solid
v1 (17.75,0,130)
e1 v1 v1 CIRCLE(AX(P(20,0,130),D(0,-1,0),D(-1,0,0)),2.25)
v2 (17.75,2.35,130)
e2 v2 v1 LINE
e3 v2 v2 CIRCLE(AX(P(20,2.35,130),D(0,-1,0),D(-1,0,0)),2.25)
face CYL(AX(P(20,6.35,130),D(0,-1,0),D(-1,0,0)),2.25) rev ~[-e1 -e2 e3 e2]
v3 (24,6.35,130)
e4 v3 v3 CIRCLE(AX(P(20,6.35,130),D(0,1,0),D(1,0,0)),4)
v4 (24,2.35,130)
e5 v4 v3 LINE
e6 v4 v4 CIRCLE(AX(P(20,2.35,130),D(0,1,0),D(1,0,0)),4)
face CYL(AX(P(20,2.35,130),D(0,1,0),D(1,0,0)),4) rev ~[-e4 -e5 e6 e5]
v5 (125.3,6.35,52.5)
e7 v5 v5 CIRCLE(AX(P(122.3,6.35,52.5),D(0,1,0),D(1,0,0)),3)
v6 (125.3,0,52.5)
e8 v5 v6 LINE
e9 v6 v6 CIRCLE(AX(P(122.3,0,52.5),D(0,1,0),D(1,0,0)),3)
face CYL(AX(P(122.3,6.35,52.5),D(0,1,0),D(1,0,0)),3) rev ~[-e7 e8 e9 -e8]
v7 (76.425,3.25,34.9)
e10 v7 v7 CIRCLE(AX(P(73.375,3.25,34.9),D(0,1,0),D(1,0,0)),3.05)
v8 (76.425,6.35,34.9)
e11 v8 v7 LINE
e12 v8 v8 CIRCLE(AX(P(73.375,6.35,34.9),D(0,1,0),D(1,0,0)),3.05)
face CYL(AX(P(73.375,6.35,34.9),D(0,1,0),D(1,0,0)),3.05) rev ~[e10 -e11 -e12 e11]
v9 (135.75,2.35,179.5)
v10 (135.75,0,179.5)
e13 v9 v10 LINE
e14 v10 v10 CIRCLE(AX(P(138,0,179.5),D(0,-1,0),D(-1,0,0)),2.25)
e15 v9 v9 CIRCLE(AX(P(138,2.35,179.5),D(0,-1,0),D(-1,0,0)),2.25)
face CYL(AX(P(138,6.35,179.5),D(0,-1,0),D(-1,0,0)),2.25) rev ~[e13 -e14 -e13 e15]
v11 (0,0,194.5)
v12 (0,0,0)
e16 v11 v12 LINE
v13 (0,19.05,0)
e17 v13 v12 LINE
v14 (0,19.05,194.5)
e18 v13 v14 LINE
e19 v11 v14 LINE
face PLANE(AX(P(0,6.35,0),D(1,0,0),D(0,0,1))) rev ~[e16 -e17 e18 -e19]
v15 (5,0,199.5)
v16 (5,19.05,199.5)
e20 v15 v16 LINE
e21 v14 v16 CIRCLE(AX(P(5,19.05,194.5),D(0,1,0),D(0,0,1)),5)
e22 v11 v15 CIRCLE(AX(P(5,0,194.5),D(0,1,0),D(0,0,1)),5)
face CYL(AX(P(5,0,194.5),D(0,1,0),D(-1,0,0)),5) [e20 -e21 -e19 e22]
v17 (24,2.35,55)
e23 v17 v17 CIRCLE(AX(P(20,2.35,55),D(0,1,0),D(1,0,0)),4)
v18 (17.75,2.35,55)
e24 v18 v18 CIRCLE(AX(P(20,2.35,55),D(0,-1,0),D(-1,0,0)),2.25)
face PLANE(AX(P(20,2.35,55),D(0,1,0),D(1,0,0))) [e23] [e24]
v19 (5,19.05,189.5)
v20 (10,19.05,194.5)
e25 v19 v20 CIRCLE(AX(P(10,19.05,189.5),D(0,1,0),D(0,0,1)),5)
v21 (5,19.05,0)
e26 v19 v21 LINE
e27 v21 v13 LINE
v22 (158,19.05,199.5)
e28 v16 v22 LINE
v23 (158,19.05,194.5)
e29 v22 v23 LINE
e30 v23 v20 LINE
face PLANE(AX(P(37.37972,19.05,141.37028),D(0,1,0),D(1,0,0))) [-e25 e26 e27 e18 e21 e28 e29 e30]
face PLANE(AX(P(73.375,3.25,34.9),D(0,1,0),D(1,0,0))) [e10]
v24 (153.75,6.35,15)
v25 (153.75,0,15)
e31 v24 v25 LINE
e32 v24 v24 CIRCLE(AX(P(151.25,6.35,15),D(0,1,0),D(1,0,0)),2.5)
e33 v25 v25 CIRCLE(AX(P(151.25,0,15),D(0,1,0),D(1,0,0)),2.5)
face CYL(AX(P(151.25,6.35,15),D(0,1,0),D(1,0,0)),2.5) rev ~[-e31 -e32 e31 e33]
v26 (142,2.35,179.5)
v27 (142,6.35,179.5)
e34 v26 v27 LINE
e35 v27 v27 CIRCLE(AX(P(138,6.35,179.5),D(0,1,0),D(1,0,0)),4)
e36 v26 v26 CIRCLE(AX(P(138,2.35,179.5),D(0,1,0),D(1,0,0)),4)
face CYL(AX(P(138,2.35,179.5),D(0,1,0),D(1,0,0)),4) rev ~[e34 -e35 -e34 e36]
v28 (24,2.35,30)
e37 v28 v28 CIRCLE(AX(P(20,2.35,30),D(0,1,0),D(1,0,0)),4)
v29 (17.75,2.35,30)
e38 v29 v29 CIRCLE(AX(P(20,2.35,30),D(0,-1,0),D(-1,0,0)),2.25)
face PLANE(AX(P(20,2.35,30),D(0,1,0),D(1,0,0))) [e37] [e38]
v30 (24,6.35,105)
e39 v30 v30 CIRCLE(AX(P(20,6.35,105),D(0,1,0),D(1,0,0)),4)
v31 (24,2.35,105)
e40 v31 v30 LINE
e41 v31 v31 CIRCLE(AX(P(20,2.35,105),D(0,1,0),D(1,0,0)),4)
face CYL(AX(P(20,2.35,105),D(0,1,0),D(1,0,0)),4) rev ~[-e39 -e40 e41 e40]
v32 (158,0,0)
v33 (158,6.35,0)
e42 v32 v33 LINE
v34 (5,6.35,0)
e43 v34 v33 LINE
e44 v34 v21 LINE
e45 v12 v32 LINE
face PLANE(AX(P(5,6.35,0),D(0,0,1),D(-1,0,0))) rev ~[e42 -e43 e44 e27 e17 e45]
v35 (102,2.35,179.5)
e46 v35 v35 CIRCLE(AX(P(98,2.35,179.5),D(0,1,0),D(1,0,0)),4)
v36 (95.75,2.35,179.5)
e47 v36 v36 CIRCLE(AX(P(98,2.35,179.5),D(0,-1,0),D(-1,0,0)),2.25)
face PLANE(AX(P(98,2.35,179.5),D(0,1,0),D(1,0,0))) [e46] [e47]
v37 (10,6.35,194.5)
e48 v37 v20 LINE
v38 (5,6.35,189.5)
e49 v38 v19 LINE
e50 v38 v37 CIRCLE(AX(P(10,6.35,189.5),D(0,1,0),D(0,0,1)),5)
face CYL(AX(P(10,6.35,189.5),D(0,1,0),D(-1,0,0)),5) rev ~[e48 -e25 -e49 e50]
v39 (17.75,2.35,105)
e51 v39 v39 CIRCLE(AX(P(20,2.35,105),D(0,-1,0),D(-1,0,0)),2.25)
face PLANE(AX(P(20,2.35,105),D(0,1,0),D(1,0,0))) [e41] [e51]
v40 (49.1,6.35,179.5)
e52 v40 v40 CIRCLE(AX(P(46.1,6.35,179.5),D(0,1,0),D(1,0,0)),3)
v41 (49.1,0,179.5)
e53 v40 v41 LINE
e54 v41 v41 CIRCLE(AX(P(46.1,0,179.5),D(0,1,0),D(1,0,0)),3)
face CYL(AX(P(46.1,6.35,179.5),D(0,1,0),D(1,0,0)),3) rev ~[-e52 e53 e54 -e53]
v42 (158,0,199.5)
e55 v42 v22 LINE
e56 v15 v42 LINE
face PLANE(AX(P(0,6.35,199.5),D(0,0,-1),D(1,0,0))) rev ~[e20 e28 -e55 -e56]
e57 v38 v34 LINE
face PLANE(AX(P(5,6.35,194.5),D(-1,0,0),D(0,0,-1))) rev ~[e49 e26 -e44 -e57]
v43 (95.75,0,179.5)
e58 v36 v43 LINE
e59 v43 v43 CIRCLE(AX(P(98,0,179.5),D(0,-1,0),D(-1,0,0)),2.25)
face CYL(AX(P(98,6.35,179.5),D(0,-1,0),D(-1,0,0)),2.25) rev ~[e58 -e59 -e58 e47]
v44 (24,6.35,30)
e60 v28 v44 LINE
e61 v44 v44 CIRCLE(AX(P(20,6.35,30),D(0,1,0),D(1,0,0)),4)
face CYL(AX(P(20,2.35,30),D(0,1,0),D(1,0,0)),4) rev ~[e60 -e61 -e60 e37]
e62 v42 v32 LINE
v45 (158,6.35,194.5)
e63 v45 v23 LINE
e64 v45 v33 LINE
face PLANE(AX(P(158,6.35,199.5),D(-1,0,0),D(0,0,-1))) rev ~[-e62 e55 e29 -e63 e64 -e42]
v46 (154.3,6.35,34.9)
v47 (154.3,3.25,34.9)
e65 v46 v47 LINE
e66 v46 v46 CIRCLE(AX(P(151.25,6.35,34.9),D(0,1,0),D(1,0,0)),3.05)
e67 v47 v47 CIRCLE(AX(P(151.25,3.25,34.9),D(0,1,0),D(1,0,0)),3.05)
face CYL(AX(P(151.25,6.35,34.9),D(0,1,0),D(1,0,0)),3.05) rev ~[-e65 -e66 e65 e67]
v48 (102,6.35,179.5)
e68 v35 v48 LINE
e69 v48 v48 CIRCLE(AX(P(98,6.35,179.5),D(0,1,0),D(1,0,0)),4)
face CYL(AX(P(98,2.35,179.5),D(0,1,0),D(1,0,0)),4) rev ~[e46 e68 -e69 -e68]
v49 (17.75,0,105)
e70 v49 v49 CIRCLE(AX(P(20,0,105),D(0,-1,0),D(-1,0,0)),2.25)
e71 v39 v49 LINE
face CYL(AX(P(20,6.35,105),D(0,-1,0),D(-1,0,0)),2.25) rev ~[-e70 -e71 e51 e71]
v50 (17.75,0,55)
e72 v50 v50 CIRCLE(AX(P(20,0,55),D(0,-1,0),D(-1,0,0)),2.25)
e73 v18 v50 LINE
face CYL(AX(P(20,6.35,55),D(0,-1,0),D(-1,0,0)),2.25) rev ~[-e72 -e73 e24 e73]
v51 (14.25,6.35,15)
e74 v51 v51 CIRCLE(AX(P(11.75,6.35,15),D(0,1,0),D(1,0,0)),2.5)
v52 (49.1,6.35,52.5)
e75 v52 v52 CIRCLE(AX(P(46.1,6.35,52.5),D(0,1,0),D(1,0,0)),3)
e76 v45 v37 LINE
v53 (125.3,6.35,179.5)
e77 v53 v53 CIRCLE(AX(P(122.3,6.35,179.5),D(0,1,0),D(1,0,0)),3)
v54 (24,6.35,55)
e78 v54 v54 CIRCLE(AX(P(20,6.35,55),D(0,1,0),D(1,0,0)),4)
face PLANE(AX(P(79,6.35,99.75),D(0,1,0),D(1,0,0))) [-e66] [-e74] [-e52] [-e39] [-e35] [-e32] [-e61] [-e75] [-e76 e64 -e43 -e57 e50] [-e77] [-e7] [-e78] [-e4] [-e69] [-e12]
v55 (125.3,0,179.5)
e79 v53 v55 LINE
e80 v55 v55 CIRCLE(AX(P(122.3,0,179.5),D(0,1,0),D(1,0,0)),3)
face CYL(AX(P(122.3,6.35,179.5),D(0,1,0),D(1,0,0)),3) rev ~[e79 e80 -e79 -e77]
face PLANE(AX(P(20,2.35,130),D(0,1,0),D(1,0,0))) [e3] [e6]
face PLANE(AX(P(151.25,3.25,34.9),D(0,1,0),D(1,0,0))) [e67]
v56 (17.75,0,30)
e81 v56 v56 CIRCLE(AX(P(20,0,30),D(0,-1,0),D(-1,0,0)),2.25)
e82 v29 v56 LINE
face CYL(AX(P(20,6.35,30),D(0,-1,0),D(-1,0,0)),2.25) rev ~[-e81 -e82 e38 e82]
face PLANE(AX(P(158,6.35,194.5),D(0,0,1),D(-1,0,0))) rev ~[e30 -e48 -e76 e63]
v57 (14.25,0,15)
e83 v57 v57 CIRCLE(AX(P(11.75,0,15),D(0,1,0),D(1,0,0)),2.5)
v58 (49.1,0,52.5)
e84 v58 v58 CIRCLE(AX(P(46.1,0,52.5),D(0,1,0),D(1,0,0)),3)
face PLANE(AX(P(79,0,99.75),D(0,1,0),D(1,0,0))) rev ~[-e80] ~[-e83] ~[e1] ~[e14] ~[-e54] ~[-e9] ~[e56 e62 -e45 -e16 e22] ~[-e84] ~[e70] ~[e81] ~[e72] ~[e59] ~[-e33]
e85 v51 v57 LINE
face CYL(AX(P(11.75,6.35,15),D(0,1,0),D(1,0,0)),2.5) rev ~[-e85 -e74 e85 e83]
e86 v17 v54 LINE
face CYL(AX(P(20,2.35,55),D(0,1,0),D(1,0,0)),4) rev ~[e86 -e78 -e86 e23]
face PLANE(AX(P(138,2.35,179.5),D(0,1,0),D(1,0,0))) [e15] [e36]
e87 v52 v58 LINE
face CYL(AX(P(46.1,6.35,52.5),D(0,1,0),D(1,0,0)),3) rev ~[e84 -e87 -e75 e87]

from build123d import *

# Parameters (mm, degrees)
SKETCH1_W                      = 158
SKETCH1_H                      = 199.5
BOSS_EXTRUDE1_DEPTH            = 6.35
BOSS_EXTRUDE2_DEPTH            = 12.7
CBORE_FOR_M4_SHCS1_D           = 4.5
CBORE_FOR_M4_SHCS1_DEPTH       = 6.35
CBORE_FOR_M4_SHCS1_CBORE_D     = 8
CBORE_FOR_M4_SHCS1_CBORE_DEPTH = 4
FILLET2_R                      = 5
SKETCH8_R                      = 3
ENCLOSURE_MOUNT_DEPTH          = 7.35
SKETCH9_R                      = 2.5
FUSE_MOUNT_DEPTH               = 7.35
SKETCH10_R                     = 3.05
MAGNETS_DEPTH                  = 3.1


with BuildPart() as part:
    # Sketch1 → Boss-Extrude1 (new body)
    with BuildSketch(Plane(origin=(0, 0, 0), x_dir=(1, 0, 0), z_dir=(0, 1, 0))):
        with Locations((79, -99.75)):
            Rectangle(SKETCH1_W, SKETCH1_H)
    extrude(amount=BOSS_EXTRUDE1_DEPTH)

    # Sketch3 → Boss-Extrude2 (add)
    with BuildSketch(Plane(origin=(0, 6.35, 0), x_dir=(1, 0, 0), z_dir=(0, 1, 0))):
        Polygon((0, 0), (0, -199.5), (158, -199.5), (158, -194.5), (5, -194.5), (5, 0), align=None)
    extrude(amount=BOSS_EXTRUDE2_DEPTH)

    # CBORE for M4 SHCS1
    with Locations(Plane(origin=(0, 6.35, 0), x_dir=(1, 0, 0), z_dir=(0, 1, 0))):
        with Locations((20, -55), (98, -179.5), (138, -179.5), (20, -130), (20, -105), (20, -30)):
            CounterBoreHole(CBORE_FOR_M4_SHCS1_D / 2, CBORE_FOR_M4_SHCS1_CBORE_D / 2, CBORE_FOR_M4_SHCS1_CBORE_DEPTH, depth=CBORE_FOR_M4_SHCS1_DEPTH)

    # Fillet2
    fillet2_edges = [part.edges().sort_by_distance(p)[0] for p in [
        (5, 12.7, 194.5),
        (0, 9.525, 199.5),
    ]]
    fillet(fillet2_edges, radius=FILLET2_R)

    # Sketch8 → Enclosure Mount (cut, through all)
    with BuildSketch(Plane(origin=(0, 6.35, 0), x_dir=(1, 0, 0), z_dir=(0, 1, 0))):
        with Locations((46.1, -52.5)):
            Circle(SKETCH8_R)
        with Locations((122.3, -52.5)):
            Circle(SKETCH8_R)
        with Locations((122.3, -179.5)):
            Circle(SKETCH8_R)
        with Locations((46.1, -179.5)):
            Circle(SKETCH8_R)
    extrude(amount=-ENCLOSURE_MOUNT_DEPTH, mode=Mode.SUBTRACT)

    # Sketch9 → Fuse Mount (cut, through all)
    with BuildSketch(Plane(origin=(0, 6.35, 0), x_dir=(1, 0, 0), z_dir=(0, 1, 0))):
        with Locations((11.75, -15)):
            Circle(SKETCH9_R)
        with Locations((151.25, -15)):
            Circle(SKETCH9_R)
    extrude(amount=-FUSE_MOUNT_DEPTH, mode=Mode.SUBTRACT)

    # Sketch10 → Magnets (cut)
    with BuildSketch(Plane(origin=(0, 6.35, 0), x_dir=(1, 0, 0), z_dir=(0, 1, 0))):
        with Locations((151.25, -34.9)):
            Circle(SKETCH10_R)
        with Locations((73.375, -34.9)):
            Circle(SKETCH10_R)
    extrude(amount=-MAGNETS_DEPTH, mode=Mode.SUBTRACT)


solid = part.part
